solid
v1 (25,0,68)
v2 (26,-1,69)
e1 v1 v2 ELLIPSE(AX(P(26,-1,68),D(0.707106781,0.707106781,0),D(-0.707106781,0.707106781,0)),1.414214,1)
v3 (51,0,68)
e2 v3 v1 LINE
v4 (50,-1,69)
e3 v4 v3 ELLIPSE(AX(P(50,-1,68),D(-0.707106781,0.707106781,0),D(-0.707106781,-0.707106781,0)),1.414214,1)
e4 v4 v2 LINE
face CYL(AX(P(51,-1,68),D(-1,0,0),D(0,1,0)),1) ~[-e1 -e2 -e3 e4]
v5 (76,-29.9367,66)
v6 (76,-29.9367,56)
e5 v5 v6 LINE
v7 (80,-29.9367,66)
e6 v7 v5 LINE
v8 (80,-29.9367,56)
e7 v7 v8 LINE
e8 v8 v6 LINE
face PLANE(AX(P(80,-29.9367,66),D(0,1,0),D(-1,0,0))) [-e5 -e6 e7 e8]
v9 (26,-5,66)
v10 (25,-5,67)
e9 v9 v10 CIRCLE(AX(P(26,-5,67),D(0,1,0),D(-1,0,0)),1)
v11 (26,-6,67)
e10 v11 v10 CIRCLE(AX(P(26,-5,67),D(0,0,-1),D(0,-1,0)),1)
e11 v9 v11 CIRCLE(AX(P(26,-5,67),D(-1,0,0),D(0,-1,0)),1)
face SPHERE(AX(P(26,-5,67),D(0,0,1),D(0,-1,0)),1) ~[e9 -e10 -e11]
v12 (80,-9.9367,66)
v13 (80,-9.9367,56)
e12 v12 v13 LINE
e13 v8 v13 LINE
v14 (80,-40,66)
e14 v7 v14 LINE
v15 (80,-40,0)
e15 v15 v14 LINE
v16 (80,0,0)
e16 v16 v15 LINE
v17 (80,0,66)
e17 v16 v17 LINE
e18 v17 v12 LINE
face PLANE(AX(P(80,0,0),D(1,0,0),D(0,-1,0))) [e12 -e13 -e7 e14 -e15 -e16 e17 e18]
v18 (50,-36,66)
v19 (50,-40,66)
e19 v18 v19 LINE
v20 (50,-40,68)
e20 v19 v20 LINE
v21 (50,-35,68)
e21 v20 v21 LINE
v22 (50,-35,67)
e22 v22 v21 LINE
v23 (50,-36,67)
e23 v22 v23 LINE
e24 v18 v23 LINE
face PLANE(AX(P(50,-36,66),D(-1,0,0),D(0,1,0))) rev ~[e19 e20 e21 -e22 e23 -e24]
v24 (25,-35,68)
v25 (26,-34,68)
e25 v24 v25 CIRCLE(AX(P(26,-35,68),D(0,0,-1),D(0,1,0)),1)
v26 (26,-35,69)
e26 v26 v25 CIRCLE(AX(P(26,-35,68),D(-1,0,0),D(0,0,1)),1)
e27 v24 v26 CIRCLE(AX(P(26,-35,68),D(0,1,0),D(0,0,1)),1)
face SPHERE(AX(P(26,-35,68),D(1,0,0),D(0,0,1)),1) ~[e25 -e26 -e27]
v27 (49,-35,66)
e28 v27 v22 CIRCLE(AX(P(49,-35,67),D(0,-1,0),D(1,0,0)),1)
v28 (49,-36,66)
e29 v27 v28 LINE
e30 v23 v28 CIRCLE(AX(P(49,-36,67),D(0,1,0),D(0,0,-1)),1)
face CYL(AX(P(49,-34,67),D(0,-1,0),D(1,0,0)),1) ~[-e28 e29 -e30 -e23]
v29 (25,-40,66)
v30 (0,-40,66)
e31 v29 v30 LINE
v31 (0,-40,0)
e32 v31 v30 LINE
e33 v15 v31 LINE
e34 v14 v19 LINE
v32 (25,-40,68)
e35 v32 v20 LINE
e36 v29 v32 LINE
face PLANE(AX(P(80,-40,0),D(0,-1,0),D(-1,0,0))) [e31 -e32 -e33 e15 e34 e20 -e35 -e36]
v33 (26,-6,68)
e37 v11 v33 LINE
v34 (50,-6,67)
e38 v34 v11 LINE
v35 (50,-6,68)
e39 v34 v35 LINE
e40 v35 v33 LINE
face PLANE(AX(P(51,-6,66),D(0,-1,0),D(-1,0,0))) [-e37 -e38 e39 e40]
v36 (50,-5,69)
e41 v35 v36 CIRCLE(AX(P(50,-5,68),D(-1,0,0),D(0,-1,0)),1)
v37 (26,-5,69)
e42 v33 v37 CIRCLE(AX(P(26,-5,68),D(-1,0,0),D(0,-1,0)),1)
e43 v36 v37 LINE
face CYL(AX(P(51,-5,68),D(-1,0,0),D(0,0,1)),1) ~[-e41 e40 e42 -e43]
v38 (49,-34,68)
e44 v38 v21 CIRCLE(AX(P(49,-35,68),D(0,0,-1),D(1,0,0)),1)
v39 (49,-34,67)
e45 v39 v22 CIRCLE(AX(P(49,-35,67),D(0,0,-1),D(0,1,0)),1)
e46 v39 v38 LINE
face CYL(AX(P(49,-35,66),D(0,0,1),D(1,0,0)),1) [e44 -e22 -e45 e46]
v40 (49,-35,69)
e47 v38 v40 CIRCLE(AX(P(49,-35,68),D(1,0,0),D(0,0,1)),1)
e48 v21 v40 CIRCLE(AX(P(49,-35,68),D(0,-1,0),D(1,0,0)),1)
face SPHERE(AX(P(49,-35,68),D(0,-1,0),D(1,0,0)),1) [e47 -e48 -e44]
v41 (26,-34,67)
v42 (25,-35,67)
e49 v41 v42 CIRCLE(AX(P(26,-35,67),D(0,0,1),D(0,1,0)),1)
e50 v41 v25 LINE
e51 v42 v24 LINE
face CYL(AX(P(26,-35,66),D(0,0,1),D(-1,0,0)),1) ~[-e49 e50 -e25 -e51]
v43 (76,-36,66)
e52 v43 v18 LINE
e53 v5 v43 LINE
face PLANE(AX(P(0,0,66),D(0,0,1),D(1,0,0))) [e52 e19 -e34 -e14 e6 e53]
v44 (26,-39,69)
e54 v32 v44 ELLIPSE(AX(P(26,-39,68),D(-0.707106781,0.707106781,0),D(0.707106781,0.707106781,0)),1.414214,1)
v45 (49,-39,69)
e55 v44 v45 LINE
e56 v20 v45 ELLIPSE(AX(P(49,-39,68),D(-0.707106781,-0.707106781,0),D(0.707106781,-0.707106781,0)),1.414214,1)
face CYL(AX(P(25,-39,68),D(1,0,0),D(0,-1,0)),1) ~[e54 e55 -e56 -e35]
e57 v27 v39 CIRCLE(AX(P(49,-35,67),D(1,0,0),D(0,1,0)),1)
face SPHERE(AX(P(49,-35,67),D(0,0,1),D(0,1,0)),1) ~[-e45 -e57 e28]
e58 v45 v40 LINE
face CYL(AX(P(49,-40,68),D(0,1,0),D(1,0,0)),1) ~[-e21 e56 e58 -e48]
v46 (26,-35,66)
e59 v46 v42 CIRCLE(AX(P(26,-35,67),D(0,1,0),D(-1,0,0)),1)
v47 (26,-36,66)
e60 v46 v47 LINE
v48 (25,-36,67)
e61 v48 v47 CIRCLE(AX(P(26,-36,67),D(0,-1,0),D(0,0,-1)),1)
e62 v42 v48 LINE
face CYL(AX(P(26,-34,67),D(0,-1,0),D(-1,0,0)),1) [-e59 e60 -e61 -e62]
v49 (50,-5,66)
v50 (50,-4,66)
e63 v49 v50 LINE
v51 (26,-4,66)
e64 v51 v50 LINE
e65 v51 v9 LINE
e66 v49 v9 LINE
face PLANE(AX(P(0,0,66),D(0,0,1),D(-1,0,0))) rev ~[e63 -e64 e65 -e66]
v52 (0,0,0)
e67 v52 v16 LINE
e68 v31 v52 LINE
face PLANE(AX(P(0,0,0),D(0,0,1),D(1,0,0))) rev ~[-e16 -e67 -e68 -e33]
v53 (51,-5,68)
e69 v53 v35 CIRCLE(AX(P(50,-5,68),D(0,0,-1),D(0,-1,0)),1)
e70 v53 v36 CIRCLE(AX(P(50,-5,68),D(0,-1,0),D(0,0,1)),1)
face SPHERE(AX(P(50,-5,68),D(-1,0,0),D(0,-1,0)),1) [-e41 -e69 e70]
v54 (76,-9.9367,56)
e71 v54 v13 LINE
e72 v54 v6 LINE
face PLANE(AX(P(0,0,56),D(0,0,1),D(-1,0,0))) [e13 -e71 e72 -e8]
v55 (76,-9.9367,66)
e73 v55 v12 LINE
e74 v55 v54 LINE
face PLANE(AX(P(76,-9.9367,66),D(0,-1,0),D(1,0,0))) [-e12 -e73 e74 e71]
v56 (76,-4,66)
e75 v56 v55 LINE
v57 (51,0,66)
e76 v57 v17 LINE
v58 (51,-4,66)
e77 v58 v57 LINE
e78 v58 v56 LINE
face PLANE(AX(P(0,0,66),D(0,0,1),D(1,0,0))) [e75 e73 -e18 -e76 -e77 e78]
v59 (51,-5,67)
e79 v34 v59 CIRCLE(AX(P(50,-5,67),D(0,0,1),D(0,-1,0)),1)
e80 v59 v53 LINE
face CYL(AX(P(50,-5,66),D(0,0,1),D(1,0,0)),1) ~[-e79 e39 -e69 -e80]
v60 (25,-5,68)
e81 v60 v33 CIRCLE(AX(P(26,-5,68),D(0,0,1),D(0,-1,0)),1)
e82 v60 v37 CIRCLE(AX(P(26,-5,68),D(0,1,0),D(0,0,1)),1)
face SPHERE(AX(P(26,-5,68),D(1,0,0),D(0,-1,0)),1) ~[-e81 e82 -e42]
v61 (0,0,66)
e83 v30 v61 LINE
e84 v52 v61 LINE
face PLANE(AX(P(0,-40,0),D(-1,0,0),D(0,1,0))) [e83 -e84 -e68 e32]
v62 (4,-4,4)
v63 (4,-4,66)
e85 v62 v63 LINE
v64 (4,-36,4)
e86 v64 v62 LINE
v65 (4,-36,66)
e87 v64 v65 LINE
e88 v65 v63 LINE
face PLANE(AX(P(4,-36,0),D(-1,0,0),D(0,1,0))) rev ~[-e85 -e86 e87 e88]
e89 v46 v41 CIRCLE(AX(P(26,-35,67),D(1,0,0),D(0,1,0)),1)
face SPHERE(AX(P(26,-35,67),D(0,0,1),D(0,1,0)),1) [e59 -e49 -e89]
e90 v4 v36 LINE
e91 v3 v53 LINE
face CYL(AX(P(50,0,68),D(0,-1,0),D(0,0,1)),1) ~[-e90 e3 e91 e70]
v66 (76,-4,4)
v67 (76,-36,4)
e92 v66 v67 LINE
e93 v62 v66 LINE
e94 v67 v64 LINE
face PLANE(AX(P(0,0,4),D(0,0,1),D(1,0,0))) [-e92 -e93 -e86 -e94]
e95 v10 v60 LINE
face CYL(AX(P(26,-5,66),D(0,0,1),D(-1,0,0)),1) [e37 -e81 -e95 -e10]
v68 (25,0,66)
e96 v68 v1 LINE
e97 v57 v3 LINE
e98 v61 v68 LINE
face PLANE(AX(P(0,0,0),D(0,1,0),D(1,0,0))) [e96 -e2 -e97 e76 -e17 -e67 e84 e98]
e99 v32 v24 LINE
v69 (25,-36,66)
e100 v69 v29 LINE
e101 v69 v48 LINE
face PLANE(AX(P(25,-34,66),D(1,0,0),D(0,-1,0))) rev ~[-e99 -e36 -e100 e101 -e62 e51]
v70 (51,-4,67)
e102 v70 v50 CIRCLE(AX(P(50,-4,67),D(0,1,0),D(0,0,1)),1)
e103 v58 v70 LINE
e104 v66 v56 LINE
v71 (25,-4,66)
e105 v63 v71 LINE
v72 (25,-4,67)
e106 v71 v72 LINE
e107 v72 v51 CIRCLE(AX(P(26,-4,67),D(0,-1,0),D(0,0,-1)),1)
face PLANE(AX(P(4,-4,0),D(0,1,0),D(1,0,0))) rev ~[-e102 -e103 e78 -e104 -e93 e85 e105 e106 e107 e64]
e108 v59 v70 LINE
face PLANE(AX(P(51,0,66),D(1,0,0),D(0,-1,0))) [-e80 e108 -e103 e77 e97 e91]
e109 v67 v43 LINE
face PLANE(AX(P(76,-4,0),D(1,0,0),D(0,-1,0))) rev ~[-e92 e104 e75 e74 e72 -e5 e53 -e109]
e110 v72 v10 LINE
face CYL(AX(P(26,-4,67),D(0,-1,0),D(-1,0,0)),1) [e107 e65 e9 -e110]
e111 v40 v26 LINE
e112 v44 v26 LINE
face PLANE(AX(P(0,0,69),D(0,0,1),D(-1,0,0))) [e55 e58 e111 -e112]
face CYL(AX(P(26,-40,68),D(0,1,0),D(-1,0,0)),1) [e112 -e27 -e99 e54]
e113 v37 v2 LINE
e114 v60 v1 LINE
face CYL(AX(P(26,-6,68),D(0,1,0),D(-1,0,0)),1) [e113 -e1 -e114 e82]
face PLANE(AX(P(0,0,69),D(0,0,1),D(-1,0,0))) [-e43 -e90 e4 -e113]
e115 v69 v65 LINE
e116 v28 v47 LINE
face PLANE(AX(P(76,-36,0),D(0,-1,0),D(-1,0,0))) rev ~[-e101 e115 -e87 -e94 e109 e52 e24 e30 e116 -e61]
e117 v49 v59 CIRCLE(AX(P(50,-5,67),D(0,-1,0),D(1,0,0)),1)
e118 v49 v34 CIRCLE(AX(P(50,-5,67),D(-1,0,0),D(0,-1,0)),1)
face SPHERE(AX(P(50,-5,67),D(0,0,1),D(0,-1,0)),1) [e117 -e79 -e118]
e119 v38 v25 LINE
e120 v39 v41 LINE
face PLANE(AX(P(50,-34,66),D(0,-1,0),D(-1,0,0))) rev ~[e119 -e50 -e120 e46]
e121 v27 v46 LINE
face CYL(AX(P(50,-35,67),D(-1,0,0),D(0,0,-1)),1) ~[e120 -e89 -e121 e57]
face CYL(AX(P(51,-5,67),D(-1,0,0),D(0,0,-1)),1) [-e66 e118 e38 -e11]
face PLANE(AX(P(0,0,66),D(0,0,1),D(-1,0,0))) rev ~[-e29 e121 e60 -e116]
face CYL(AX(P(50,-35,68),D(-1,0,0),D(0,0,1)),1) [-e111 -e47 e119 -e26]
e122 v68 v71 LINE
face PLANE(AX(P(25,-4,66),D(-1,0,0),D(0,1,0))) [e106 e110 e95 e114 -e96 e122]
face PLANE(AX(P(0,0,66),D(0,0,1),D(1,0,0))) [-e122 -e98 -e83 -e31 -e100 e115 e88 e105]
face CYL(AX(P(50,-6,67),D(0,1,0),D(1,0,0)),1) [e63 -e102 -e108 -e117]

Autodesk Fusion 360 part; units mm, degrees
sketch "Skizze1" plane through (0, 0, 0) normal (0, 0, 1) x (1, 0, 0)
  line L0 (0, 0) -> (80, 0)
  line L1 (80, 0) -> (80, -40)
  line L2 (80, -40) -> (0, -40)
  line L3 (0, -40) -> (0, 0)
  line L4 (76, -36) -> (4, -36)
  line L5 (4, -36) -> (4, -4)
  line L6 (4, -4) -> (76, -4)
  line L7 (76, -4) -> (76, -36)
  dimension "d1" = 80
  dimension "d2" = 40
  dimension "d3" = 4
extrude "Extrusion1" add sketch "Skizze1" along normal blind 4 contours L4 L5 L6 L7
sketch "Skizze2" plane through (0, 0, 0) normal (0, 0, 1) x (1, 0, 0)
  line L0 (0, 0) -> (80, 0)
  line L1 (80, 0) -> (80, -40)
  line L2 (80, -40) -> (0, -40)
  line L3 (0, -40) -> (0, 0)
  line L4 (76, -4) -> (76, -36)
  line L5 (76, -36) -> (4, -36)
  line L6 (4, -36) -> (4, -4)
  line L7 (4, -4) -> (76, -4)
  dimension "d6" = 80
  dimension "d7" = 40
  dimension "d8" = 4
extrude "Extrusion2" add sketch "Skizze2" along normal blind 66
sketch "Skizze3" plane through (0, 0, 66) normal (0, 0, 1) x (-1, 0, 0)
  line L0 (-4, 36) -> (-4, 4)
  line L1 (-4, 4) -> (-76, 4)
  line L2 (-76, 4) -> (-76, 36)
  line L3 (-76, 36) -> (-4, 36)
  line L4 (0, 40) -> (-80, 40)
  line L5 (-80, 40) -> (-80, 0)
  line L6 (-80, 0) -> (0, 0)
  line L7 (0, 0) -> (0, 40)
  line L8 (-76, 9.9367) -> (-80, 9.9367)
  line L9 (-80, 9.9367) -> (-80, 29.9367)
  line L10 (-80, 29.9367) -> (-76, 29.9367)
  line L11 (-76, 29.9367) -> (-76, 9.9367)
  dimension "d11" = 4
  dimension "d12" = 20
extrude "Extrusion3" cut sketch "Skizze3" against normal blind 10 contours L2 L5 L8 L9 L10 L11
sketch "Skizze4" plane through (0, 0, 66) normal (0, 0, 1) x (-1, 0, 0)
  line L0 (-80, 29.9367) -> (-76, 29.9367)
  line L1 (-76, 29.9367) -> (-76, 36)
  line L2 (-76, 36) -> (-4, 36)
  line L3 (-4, 36) -> (-4, 4)
  line L4 (-4, 4) -> (-76, 4)
  line L5 (-76, 4) -> (-76, 9.9367)
  line L6 (-76, 9.9367) -> (-80, 9.9367)
  line L7 (-80, 9.9367) -> (-80, 0)
  line L8 (-80, 0) -> (0, 0)
  line L9 (0, 0) -> (0, 40)
  line L10 (0, 40) -> (-80, 40)
  line L11 (-80, 40) -> (-80, 29.9367)
  line L12 (-25, 0) -> (-51, 0)
  line L13 (-51, 0) -> (-51, 6)
  line L14 (-51, 6) -> (-25, 6)
  line L15 (-25, 6) -> (-25, 0)
  dimension "d15" = 26
extrude "Extrusion4" add sketch "Skizze4" along normal blind 3 contours L4 L8 L12 L13 L15 | L4 L13 L14 L15
sketch "Skizze5" plane through (0, 0, 66) normal (0, 0, 1) x (-1, 0, 0)
  line L0 (-25, 4) -> (-25, 0)
  line L1 (-25, 0) -> (0, 0)
  line L2 (0, 0) -> (0, 40)
  line L3 (0, 40) -> (-80, 40)
  line L4 (-80, 40) -> (-80, 29.9367)
  line L5 (-80, 29.9367) -> (-76, 29.9367)
  line L6 (-76, 29.9367) -> (-76, 36)
  line L7 (-76, 36) -> (-4, 36)
  line L8 (-4, 36) -> (-4, 4)
  line L9 (-4, 4) -> (-25, 4)
  line L10 (-25, 40) -> (-50, 40)
  line L11 (-50, 40) -> (-50, 34)
  line L12 (-50, 34) -> (-25, 34)
  line L13 (-25, 34) -> (-25, 40)
  dimension "d18" = 25
  dimension "d19" = 6
extrude "Extrusion5" add sketch "Skizze5" along normal blind 3 contours L7 L11 L12 L13 | L3 L7 L10 L11 L13
fillet "Abrundung1" radius 1 18 edges at (38, -6, 69) (51, -6, 67.5) (25, -6, 67.5) (38, -6, 66) (51, -3, 69) (37.5, -40, 69) (50, -37, 69) (50, -34, 67.5) (37.5, -34, 69) (25, -37, 69) (25, -3, 69) (25, -34, 67.5) (37.5, -34, 66) (25, -35, 66) (51, -5, 66) (50, -35, 66) (25, -5, 66) (38, 0, 69)
